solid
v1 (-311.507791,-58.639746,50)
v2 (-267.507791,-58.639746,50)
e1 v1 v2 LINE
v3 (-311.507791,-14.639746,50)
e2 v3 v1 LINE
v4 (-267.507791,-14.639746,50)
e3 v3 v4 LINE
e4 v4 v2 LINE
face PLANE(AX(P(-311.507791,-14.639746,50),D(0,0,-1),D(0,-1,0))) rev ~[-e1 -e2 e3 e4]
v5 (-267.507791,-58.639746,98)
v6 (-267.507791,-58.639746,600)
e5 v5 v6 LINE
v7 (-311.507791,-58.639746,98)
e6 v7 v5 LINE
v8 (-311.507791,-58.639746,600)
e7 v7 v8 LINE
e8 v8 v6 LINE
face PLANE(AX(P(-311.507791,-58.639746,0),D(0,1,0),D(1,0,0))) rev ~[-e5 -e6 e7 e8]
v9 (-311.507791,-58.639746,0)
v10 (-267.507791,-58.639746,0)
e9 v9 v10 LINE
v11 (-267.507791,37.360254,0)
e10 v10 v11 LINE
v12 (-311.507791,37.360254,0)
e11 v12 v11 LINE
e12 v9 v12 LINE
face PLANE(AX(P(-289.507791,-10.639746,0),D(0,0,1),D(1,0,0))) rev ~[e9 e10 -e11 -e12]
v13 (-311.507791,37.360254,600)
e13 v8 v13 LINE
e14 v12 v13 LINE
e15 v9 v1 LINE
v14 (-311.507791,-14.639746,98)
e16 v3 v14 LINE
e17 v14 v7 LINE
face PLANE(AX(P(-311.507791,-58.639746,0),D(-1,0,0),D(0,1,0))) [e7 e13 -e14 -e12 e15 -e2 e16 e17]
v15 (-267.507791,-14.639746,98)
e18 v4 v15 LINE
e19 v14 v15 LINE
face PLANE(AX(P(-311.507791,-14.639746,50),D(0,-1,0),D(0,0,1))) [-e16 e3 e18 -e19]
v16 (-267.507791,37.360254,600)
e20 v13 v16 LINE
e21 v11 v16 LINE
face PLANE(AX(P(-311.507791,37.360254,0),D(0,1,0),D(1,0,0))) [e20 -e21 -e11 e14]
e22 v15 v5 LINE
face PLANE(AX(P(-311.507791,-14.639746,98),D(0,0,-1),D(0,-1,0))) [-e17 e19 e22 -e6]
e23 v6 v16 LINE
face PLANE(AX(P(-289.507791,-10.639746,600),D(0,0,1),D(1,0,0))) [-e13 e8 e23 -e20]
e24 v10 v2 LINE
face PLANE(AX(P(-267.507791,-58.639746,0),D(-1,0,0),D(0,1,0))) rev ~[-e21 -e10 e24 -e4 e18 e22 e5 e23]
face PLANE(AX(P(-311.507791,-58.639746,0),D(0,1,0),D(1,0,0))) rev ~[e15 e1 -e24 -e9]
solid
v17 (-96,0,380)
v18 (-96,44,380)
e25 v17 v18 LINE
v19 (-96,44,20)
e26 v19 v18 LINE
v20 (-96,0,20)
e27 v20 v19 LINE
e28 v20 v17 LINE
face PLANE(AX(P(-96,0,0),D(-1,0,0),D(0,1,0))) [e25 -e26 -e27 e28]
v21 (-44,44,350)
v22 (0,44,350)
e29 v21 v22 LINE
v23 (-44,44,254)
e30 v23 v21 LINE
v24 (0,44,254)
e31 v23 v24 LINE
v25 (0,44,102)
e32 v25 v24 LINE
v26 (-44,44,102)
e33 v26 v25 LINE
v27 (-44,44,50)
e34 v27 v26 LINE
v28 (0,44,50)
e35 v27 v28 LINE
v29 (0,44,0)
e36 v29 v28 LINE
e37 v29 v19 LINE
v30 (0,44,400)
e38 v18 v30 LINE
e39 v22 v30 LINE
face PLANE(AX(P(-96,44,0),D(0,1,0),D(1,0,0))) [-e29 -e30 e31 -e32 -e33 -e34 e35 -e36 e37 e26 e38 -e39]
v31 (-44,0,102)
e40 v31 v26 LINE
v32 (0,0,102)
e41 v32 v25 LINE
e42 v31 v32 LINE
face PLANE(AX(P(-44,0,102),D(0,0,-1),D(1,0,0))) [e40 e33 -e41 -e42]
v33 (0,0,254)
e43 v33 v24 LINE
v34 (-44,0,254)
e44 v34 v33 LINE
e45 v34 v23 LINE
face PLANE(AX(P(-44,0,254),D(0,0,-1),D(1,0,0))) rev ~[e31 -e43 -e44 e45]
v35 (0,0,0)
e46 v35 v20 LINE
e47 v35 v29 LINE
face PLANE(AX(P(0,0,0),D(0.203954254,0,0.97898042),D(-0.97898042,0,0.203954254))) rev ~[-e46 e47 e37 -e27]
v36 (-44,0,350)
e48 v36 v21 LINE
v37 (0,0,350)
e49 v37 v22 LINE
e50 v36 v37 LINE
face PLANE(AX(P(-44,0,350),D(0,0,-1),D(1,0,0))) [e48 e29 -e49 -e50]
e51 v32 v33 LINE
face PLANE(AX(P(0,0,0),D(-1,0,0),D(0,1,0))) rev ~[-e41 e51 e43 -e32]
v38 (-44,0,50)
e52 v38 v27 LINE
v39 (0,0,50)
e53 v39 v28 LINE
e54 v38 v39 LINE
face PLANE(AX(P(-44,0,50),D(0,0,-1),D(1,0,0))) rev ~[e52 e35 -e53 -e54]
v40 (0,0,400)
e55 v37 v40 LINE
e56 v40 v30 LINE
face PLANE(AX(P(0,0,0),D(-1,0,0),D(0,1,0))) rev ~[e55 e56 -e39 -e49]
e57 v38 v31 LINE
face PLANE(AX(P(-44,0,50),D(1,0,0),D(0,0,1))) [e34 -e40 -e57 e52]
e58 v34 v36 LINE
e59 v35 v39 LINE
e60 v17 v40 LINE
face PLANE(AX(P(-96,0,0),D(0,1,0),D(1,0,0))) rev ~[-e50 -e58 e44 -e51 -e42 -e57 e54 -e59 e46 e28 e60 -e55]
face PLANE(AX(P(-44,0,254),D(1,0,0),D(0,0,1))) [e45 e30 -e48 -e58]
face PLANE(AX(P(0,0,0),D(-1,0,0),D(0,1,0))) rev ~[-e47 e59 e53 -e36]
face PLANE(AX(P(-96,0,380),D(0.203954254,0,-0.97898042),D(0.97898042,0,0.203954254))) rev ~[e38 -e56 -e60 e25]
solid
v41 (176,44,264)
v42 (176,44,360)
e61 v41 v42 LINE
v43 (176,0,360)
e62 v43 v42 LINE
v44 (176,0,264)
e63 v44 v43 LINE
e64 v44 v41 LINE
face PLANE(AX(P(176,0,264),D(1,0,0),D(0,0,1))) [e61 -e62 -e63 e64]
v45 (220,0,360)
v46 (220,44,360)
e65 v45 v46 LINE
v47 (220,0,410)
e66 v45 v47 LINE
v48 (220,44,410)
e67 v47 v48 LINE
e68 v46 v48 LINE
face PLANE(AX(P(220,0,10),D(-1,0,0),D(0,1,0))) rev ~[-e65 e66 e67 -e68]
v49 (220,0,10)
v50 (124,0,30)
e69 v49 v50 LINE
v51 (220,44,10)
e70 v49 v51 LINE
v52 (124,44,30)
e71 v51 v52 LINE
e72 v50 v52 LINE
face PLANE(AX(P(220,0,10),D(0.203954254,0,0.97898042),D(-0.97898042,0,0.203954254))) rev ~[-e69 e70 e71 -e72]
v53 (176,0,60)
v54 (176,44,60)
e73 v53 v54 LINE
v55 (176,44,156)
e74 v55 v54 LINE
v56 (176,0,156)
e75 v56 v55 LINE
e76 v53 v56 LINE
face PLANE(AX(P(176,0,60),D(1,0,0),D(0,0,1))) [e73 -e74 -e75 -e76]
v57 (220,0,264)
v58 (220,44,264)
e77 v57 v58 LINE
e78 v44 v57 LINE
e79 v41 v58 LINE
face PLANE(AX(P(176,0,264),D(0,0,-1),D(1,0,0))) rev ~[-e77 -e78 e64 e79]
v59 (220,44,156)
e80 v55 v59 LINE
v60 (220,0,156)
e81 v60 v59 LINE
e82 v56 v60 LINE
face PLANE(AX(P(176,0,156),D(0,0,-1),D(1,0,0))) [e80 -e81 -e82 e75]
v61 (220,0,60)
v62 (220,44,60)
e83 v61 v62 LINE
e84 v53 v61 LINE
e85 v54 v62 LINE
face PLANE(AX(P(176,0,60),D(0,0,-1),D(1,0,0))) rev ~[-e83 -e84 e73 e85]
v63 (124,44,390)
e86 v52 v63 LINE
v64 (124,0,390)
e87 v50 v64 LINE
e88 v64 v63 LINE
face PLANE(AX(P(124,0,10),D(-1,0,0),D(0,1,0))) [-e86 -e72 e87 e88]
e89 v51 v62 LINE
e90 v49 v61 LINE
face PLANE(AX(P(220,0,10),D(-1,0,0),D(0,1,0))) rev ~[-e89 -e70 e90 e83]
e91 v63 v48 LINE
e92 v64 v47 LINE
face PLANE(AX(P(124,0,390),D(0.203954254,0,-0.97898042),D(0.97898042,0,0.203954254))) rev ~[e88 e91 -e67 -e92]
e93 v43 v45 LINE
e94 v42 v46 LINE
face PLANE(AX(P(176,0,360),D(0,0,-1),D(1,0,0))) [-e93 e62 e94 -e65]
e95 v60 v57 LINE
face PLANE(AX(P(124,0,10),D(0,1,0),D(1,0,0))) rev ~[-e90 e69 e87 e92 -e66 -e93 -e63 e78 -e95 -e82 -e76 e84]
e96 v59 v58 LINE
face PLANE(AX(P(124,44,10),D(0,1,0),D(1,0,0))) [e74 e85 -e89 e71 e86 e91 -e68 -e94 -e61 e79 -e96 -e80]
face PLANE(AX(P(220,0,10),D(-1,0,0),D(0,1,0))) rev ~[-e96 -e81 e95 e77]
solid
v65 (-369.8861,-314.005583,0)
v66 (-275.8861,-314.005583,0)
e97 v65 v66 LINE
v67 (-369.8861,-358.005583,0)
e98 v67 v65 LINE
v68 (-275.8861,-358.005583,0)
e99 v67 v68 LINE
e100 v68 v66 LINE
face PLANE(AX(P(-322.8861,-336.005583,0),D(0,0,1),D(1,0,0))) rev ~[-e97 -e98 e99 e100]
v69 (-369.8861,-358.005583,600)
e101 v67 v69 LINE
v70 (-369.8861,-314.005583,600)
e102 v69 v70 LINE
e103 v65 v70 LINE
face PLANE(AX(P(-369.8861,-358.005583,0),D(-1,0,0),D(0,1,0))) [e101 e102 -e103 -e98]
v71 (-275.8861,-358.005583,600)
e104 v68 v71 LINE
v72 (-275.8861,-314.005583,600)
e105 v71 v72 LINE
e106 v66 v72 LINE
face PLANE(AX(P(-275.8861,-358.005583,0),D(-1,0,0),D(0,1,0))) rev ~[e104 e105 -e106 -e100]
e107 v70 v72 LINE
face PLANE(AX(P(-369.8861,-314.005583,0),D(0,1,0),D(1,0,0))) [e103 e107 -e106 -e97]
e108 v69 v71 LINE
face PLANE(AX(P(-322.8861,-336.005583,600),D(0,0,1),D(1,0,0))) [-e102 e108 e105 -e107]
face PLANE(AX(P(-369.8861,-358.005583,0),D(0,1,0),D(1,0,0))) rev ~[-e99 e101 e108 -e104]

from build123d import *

# Parameters (mm, degrees)
F0_W      = 96
F0_H      = 44
F1_DEPTH  = 400
F2_W      = 44
F2_H      = 96
F2_H_2    = 52
F3_DEPTH  = 44
F4_W      = 44
F4_H      = 96
F5_DEPTH  = 600
F6_W      = 44
F6_H      = 48
F7_DEPTH  = 44
F8_W      = 94
F8_H      = 44
F9_DEPTH  = 600
F11_DEPTH = 44


with BuildPart() as f1:
    # F0 (on Top) → F1 (new body)
    with BuildSketch(Plane.XY):
        with Locations((-48, 22)):
            Rectangle(F0_W, F0_H)
    extrude(amount=F1_DEPTH)

    # F2 (on face) → F3 (cut)
    with BuildSketch(Plane.XZ):
        with Locations((-22, 302)):
            Rectangle(F2_W, F2_H)
        with Locations((-22, 76)):
            Rectangle(F2_W, F2_H_2)
        Polygon((-96, 380), (0, 400), (-96, 400), align=None)
        Polygon((0, 0), (-96, 20), (-96, 0), align=None)
    extrude(amount=-F3_DEPTH, mode=Mode.SUBTRACT)


with BuildPart() as f5:
    # F4 (on Top) → F5 (new body)
    with BuildSketch(Plane.XY):
        with Locations((-289.5077912807, -10.6397461593)):
            Rectangle(F4_W, F4_H)
    extrude(amount=F5_DEPTH)

    # F6 (on face) → F7 (cut)
    with BuildSketch(Plane(origin=(-311.5077912807, 0, 0), x_dir=(0, -1, 0), z_dir=(-1, 0, 0))):
        with Locations((36.6397461593, 74)):
            Rectangle(F6_W, F6_H)
    extrude(amount=-F7_DEPTH, mode=Mode.SUBTRACT)


with BuildPart() as f9:
    # F8 (on Top) → F9 (new body)
    with BuildSketch(Plane.XY):
        with Locations((-322.8861002922, -336.0055832863)):
            Rectangle(F8_W, F8_H)
    extrude(amount=F9_DEPTH)


with BuildPart() as f10_1:
    # F10: copy of F1
    add(f1.part.moved(Location((220, 0, 10))))

    # F11 (cut): a face of the model
    f11_faces = [f10_1.faces().sort_by_distance(p)[0] for p in [
        (198, 22, 112),
    ]]
    extrude(f11_faces, amount=-F11_DEPTH, mode=Mode.SUBTRACT)


solid = Compound([f1.part, f5.part, f9.part, f10_1.part])
